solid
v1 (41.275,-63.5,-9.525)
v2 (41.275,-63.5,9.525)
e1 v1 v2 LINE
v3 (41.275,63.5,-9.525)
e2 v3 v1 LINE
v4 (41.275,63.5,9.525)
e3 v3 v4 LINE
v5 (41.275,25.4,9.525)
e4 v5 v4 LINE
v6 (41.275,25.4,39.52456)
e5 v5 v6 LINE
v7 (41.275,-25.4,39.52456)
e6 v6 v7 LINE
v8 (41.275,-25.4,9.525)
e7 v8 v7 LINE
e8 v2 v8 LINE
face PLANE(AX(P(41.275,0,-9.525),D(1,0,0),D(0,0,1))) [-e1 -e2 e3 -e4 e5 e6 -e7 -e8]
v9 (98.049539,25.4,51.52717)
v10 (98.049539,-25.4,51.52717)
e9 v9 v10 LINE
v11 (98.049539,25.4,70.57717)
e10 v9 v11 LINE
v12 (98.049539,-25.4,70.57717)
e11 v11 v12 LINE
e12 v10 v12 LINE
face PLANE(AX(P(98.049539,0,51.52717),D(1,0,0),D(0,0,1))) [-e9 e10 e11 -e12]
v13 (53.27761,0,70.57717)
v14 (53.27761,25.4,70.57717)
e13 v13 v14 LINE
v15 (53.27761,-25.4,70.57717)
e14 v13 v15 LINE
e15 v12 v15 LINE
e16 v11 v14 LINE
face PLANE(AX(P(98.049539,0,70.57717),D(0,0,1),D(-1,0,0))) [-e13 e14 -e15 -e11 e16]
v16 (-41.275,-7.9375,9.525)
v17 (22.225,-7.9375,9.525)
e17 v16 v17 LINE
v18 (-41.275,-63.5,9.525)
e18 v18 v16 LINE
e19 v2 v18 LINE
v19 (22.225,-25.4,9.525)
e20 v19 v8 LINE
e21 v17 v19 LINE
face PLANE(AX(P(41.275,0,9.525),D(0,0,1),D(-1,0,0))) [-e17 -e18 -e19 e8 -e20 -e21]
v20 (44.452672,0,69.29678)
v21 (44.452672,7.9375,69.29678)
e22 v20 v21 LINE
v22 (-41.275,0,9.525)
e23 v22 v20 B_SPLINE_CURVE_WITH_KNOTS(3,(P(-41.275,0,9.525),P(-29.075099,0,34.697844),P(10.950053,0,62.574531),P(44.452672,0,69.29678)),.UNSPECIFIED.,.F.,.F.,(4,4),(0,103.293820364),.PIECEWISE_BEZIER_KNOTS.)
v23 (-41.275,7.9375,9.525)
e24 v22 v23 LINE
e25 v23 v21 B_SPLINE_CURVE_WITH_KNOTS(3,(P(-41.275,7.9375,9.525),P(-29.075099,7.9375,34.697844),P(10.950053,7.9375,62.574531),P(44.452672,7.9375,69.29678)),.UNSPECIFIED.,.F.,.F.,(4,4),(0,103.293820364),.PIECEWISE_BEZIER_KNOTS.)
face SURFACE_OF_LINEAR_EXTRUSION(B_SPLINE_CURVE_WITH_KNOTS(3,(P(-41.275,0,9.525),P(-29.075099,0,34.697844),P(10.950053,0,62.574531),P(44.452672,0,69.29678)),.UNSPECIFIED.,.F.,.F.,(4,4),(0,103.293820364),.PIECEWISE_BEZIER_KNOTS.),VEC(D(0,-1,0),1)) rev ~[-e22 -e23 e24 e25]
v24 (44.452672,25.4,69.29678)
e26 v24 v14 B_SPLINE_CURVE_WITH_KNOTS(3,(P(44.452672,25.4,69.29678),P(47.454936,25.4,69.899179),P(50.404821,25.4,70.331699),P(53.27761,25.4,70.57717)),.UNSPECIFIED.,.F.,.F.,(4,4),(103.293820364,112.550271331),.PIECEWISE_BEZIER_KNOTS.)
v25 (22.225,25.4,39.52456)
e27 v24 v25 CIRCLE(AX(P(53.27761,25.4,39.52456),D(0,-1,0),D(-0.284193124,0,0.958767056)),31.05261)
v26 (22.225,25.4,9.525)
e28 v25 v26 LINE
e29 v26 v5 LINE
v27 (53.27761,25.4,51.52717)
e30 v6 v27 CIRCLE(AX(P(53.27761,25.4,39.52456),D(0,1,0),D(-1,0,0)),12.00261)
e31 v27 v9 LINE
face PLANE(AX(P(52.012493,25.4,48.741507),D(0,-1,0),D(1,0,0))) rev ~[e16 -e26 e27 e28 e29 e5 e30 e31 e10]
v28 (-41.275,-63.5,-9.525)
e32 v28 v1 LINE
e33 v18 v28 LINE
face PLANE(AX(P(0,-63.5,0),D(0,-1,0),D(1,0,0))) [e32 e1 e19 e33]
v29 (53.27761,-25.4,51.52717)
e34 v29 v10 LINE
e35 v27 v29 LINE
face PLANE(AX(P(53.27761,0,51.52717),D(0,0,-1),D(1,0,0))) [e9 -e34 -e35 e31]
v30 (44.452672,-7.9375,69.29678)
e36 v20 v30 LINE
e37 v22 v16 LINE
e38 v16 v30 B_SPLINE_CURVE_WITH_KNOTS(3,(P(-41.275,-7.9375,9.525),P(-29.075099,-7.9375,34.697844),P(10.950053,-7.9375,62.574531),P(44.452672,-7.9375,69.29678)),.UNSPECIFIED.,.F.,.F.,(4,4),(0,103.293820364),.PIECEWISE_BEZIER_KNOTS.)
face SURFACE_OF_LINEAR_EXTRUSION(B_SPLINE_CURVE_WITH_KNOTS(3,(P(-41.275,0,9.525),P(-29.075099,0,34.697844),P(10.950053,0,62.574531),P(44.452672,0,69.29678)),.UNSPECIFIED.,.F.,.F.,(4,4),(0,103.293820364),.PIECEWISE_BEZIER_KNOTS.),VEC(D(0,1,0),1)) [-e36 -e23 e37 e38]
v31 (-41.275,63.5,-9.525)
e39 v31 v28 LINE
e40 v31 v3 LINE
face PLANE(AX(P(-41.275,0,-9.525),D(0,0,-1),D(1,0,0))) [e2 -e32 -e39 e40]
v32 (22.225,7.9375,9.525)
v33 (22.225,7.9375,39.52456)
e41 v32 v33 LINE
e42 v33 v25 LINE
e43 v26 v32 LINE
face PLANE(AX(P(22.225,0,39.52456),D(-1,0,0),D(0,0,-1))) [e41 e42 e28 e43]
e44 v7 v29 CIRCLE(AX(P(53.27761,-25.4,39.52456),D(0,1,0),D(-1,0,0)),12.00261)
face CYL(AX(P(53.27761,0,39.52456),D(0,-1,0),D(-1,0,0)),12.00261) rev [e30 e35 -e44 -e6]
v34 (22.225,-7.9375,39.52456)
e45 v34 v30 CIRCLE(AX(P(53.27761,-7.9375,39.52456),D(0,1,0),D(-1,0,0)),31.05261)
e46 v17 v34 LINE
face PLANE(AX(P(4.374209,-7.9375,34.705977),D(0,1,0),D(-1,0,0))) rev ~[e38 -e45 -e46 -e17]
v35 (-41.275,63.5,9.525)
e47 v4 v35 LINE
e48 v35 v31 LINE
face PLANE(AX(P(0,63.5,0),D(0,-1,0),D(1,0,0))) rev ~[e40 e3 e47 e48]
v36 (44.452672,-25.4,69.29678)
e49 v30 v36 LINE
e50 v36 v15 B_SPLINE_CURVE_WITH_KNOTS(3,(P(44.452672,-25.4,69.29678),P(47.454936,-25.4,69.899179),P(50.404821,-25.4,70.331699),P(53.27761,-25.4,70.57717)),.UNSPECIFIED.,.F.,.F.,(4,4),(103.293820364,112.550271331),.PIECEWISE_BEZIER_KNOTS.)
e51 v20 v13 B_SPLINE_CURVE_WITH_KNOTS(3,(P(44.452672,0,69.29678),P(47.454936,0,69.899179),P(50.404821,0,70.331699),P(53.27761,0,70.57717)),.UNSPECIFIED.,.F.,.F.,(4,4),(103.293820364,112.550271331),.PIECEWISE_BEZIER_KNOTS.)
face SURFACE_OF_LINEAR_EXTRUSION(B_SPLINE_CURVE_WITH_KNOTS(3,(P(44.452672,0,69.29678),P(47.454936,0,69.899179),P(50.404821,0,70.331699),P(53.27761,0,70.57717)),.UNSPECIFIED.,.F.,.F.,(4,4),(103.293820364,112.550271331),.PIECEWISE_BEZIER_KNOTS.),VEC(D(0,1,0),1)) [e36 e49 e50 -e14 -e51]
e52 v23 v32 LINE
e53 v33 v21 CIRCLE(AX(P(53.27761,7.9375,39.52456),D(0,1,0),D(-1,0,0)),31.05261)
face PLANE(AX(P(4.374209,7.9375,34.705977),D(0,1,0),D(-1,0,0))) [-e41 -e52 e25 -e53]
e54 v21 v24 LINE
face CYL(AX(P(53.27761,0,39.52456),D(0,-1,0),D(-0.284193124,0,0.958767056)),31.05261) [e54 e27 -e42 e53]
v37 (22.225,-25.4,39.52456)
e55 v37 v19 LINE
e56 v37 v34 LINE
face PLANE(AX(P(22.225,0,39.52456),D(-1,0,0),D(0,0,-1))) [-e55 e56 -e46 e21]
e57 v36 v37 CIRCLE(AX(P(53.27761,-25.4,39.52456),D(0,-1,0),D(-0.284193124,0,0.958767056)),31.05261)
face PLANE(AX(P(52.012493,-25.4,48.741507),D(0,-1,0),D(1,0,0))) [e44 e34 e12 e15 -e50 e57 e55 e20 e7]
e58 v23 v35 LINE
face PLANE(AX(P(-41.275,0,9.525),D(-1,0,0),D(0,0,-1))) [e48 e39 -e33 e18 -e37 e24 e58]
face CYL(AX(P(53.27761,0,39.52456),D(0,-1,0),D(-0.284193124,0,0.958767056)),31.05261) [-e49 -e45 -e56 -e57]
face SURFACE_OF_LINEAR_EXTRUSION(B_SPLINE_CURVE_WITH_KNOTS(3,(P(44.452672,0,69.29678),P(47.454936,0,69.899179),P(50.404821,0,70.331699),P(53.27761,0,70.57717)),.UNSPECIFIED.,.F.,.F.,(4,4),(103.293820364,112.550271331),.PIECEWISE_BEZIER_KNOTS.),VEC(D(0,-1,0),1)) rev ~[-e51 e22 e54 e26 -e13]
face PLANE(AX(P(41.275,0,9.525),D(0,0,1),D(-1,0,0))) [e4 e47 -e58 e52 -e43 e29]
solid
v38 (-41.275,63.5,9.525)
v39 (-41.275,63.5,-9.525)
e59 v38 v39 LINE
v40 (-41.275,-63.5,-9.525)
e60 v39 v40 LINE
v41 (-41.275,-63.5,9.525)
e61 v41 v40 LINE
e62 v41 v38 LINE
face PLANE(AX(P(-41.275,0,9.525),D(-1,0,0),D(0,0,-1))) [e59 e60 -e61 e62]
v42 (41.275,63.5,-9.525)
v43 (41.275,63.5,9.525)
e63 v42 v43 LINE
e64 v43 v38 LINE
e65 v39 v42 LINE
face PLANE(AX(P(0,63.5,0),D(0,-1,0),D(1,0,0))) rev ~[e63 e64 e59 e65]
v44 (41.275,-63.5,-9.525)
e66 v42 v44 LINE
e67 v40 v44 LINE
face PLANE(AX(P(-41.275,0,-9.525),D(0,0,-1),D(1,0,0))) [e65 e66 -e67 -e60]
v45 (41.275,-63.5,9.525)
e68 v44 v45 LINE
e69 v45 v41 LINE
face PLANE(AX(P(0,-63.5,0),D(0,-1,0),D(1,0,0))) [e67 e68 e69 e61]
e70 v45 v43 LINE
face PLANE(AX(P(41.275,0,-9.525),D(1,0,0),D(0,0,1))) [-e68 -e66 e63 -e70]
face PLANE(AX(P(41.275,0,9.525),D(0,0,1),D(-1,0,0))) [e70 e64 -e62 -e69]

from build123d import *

# Parameters (mm, degrees)
F1_DEPTH = 63.5
F0_W     = 25.4
F0_H     = 15.5858107232
F2_DEPTH = 25.4
F3_DEPTH = 7.9375
F4_DEPTH = 63.5


with BuildPart() as f1:
    # F0 (on Front) → F1 (new body, symmetric)
    with BuildSketch(Plane.XZ):
        Polygon((22.225, 9.525), (-41.275, 9.525), (-41.275, -9.525), (41.275, -9.525), (41.275, 9.525), align=None)
    extrude(amount=F1_DEPTH, both=True)

    # F0 (on Front) → F2 (join, symmetric)
    with BuildSketch(Plane.XZ):
        with BuildLine():
            Line((22.225, 39.5245600989), (22.225, 9.525))
            Line((22.225, 9.525), (41.275, 9.525))
            Line((41.275, 9.525), (41.275, 39.5245600989))
            ThreePointArc((41.275, 39.5245600989), (44.7904831194, 48.0116871241), (53.2776101446, 51.5271702435))
            Line((53.2776101446, 51.5271702435), (72.6495390284, 51.5271702435))
            Line((72.6495390284, 51.5271702435), (72.6495390284, 67.1129809667))
            Line((72.6495390284, 67.1129809667), (98.0495390284, 67.1129809667))
            Line((98.0495390284, 67.1129809667), (98.0495390284, 70.5771702435))
            Line((98.0495390284, 70.5771702435), (53.2776101446, 70.5771702435))
            add(Edge.make_bspline(
                [(44.4526718626, 69.2967797191), (47.4549361429, 69.89917945), (50.4048214922, 70.3316993525), (53.2776101446, 70.5771702435)],
                knots=[103.2938203641, 103.2938203641, 103.2938203641, 103.2938203641, 112.5502713306, 112.5502713306, 112.5502713306, 112.5502713306], degree=3))
            ThreePointArc((44.4526718626, 69.2967797191), (28.3948654727, 58.1017938646), (22.225, 39.5245600989))
        make_face()
        with Locations((85.3495390284, 59.3200756051)):
            Rectangle(F0_W, F0_H)
    extrude(amount=F2_DEPTH, both=True)

    # F0 (on Front) → F3 (join, symmetric)
    with BuildSketch(Plane.XZ):
        with BuildLine():
            add(Edge.make_bspline(
                [(-41.275, 9.525), (-29.0750987813, 34.6978438108), (10.9500531616, 62.5745305742), (44.4526718626, 69.2967797191)],
                knots=[0, 0, 0, 0, 103.2938203641, 103.2938203641, 103.2938203641, 103.2938203641], degree=3))
            Line((-41.275, 9.525), (22.225, 9.525))
            Line((22.225, 9.525), (22.225, 39.5245600989))
            ThreePointArc((22.225, 39.5245600989), (28.3948654727, 58.1017938646), (44.4526718626, 69.2967797191))
        make_face()
    extrude(amount=F3_DEPTH, both=True)


with BuildPart() as f4:
    # F0 (on Front) → F4 (new body, symmetric)
    with BuildSketch(Plane.XZ):
        Polygon((22.225, 9.525), (-41.275, 9.525), (-41.275, -9.525), (41.275, -9.525), (41.275, 9.525), align=None)
    extrude(amount=F4_DEPTH, both=True)


solid = Compound([f1.part, f4.part])
